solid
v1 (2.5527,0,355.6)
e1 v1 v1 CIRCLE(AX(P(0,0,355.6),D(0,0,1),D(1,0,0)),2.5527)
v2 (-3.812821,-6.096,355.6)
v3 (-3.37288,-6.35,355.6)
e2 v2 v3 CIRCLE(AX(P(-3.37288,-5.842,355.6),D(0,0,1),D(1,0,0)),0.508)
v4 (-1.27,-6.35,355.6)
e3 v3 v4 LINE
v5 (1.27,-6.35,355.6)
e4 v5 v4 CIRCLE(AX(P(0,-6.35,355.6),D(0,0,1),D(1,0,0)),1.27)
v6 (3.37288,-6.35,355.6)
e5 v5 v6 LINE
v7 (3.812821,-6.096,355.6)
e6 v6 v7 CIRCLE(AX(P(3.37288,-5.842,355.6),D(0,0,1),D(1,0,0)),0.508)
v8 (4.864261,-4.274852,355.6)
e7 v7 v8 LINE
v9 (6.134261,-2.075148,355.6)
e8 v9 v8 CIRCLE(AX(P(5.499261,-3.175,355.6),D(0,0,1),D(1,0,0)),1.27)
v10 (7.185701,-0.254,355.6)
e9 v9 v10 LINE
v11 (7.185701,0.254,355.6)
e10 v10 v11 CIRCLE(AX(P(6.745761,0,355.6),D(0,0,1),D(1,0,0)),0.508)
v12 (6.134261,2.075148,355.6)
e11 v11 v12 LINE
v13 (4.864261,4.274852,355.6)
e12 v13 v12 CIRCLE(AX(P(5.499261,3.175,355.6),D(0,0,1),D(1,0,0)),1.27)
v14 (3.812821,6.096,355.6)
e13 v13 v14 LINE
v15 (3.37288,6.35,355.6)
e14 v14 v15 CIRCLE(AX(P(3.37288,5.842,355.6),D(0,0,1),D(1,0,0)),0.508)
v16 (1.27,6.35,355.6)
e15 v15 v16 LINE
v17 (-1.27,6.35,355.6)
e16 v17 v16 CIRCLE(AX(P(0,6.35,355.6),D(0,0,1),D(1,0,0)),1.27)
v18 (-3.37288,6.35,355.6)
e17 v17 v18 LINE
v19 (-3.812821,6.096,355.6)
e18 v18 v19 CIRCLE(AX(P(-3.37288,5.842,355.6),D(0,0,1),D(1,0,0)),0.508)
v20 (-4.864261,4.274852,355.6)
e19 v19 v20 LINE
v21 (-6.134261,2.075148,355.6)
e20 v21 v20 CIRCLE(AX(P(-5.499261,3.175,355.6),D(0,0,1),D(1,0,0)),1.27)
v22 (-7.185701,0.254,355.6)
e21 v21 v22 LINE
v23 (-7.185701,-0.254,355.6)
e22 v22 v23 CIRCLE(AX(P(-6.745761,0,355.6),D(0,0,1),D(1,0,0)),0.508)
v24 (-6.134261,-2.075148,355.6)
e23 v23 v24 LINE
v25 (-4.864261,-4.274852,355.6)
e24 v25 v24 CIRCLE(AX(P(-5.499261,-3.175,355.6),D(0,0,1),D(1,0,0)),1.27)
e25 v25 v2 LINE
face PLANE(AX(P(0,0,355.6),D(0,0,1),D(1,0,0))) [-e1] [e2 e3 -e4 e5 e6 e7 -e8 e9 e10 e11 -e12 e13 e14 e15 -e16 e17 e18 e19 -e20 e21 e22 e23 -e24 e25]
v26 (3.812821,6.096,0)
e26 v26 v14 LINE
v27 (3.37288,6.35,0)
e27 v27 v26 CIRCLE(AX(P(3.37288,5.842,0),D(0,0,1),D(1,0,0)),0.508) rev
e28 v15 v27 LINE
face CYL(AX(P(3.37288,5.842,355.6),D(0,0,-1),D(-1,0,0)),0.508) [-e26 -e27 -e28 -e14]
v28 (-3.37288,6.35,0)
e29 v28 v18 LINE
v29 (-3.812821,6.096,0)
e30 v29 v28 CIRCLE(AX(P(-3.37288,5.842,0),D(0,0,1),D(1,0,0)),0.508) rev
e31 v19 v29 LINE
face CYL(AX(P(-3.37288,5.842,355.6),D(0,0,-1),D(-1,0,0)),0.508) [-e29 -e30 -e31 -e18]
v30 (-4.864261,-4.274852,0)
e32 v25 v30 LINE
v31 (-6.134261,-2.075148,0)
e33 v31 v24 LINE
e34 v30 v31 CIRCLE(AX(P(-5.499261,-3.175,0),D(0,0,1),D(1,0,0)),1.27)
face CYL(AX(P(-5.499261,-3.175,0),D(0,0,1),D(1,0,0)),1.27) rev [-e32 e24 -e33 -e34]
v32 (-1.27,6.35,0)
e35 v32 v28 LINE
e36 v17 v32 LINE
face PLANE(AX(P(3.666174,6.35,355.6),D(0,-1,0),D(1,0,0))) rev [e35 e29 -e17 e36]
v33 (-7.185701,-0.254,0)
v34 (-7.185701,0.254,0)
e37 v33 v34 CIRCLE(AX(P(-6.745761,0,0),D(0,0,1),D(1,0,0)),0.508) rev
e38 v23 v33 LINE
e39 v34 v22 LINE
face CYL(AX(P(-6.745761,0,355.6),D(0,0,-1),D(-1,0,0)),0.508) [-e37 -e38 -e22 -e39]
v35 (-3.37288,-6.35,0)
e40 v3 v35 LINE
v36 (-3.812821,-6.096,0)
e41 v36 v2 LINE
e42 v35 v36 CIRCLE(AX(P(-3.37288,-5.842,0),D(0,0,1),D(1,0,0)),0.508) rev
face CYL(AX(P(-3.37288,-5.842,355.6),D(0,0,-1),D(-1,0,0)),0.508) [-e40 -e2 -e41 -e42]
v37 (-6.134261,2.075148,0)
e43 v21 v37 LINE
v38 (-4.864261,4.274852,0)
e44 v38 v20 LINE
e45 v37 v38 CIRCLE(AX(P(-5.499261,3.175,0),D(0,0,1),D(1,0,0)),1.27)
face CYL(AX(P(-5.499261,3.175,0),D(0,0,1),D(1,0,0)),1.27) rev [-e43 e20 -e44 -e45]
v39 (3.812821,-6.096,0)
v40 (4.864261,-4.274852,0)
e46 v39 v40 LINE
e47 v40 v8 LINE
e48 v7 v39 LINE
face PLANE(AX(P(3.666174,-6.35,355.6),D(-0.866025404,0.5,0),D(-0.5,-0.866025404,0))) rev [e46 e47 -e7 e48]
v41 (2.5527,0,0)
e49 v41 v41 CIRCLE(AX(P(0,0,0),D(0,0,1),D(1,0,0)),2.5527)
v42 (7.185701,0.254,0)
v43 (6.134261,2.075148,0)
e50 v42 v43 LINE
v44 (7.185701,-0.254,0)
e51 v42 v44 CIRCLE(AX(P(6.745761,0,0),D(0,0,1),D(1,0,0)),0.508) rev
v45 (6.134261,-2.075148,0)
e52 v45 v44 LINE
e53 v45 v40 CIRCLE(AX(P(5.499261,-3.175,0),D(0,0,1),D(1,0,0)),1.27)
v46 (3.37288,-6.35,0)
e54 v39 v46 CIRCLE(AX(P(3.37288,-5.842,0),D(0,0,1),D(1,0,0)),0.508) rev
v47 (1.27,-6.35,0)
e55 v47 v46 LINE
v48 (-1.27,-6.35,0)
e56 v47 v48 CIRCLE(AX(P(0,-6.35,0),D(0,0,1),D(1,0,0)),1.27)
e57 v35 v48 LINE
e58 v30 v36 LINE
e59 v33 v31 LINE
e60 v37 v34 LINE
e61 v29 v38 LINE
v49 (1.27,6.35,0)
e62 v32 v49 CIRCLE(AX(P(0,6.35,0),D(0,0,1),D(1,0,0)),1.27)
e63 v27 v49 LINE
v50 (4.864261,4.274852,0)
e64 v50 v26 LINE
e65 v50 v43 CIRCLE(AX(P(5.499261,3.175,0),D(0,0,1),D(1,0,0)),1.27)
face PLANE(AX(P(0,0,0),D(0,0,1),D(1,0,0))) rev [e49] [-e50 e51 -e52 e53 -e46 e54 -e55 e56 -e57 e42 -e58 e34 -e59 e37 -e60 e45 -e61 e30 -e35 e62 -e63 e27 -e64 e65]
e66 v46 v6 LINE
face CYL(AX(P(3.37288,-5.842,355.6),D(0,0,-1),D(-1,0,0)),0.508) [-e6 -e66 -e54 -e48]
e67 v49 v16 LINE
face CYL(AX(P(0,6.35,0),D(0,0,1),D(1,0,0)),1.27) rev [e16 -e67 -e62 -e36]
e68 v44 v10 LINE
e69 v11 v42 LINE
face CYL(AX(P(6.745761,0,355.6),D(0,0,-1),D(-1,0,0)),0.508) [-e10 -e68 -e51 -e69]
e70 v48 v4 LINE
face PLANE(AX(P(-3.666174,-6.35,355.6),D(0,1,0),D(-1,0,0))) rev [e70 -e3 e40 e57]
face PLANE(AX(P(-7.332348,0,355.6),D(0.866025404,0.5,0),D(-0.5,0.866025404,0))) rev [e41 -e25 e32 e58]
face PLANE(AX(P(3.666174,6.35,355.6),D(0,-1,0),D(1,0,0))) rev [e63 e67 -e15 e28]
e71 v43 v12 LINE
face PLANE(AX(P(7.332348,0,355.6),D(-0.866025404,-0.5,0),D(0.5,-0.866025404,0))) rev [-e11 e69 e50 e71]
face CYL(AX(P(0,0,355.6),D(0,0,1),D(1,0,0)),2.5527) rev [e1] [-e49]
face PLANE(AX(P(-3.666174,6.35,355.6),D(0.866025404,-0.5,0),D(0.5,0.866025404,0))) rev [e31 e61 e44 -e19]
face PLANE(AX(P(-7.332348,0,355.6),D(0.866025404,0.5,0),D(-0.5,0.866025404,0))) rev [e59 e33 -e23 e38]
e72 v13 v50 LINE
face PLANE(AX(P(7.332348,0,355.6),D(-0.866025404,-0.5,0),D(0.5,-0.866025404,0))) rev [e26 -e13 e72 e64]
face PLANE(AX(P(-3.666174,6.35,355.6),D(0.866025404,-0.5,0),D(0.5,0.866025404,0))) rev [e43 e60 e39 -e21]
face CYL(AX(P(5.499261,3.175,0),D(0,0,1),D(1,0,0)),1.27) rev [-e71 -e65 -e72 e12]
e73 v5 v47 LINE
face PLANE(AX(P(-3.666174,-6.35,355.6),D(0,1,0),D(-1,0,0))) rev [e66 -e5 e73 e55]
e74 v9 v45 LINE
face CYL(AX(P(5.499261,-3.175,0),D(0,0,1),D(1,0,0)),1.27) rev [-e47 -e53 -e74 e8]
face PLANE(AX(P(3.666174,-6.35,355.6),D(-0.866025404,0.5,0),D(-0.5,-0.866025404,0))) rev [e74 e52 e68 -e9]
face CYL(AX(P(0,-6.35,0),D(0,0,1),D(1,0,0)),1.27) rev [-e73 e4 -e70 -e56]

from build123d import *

# Parameters (mm, degrees)
BOSS_EXTRUDE1_DEPTH     = 355.6
SKETCH2_R               = 1.27
SKETCH2_R_2             = 2.54
CUT_EXTRUDE1_DEPTH      = 356.6
FILLET1_R               = 0.508
F_1_4_20_TAPPED_HOLE3_D = 5.1054


with BuildPart() as part:
    # Sketch1 → Boss-Extrude1 (new body)
    with BuildSketch(Plane.XY):
        Polygon((7.332348419, 0), (3.666174209, 6.35), (-3.666174209, 6.35), (-7.332348419, 0), (-3.666174209, -6.35), (3.666174209, -6.35), align=None)
    extrude(amount=BOSS_EXTRUDE1_DEPTH)

    # Sketch2 → Cut-Extrude1 (cut, through all)
    with BuildSketch(Plane.XY.offset(355.6)):
        with Locations((0, 6.35)):
            Circle(SKETCH2_R)
        with Locations((5.499261314, 3.175)):
            Circle(SKETCH2_R)
        with Locations((5.499261314, -3.175)):
            Circle(SKETCH2_R)
        with Locations((0, -6.35)):
            Circle(SKETCH2_R)
        with Locations((-5.499261314, -3.175)):
            Circle(SKETCH2_R)
        with Locations((-5.499261314, 3.175)):
            Circle(SKETCH2_R)
        Circle(SKETCH2_R_2)
    extrude(amount=-CUT_EXTRUDE1_DEPTH, mode=Mode.SUBTRACT)

    # Fillet1
    fillet1_edges = [part.edges().sort_by_distance(p)[0] for p in [
        (3.666174209, -6.35, 177.8),
        (-3.666174209, -6.35, 177.8),
        (-7.332348419, 0, 177.8),
        (-3.666174209, 6.35, 177.8),
        (3.666174209, 6.35, 177.8),
        (7.332348419, 0, 177.8),
    ]]
    fillet(fillet1_edges, radius=FILLET1_R)

    # 1/4-20 Tapped Hole3 (through all)
    with Locations(Plane.XY.offset(355.6)):
        with Locations((0, 0)):
            f_1_4_20_tapped_hole3 = Hole(F_1_4_20_TAPPED_HOLE3_D / 2)

    # Mirror1: 1/4-20 Tapped Hole3 across plane
    add(f_1_4_20_tapped_hole3.mirror(Plane.XY.offset(177.8)), mode=Mode.SUBTRACT)


solid = part.part
